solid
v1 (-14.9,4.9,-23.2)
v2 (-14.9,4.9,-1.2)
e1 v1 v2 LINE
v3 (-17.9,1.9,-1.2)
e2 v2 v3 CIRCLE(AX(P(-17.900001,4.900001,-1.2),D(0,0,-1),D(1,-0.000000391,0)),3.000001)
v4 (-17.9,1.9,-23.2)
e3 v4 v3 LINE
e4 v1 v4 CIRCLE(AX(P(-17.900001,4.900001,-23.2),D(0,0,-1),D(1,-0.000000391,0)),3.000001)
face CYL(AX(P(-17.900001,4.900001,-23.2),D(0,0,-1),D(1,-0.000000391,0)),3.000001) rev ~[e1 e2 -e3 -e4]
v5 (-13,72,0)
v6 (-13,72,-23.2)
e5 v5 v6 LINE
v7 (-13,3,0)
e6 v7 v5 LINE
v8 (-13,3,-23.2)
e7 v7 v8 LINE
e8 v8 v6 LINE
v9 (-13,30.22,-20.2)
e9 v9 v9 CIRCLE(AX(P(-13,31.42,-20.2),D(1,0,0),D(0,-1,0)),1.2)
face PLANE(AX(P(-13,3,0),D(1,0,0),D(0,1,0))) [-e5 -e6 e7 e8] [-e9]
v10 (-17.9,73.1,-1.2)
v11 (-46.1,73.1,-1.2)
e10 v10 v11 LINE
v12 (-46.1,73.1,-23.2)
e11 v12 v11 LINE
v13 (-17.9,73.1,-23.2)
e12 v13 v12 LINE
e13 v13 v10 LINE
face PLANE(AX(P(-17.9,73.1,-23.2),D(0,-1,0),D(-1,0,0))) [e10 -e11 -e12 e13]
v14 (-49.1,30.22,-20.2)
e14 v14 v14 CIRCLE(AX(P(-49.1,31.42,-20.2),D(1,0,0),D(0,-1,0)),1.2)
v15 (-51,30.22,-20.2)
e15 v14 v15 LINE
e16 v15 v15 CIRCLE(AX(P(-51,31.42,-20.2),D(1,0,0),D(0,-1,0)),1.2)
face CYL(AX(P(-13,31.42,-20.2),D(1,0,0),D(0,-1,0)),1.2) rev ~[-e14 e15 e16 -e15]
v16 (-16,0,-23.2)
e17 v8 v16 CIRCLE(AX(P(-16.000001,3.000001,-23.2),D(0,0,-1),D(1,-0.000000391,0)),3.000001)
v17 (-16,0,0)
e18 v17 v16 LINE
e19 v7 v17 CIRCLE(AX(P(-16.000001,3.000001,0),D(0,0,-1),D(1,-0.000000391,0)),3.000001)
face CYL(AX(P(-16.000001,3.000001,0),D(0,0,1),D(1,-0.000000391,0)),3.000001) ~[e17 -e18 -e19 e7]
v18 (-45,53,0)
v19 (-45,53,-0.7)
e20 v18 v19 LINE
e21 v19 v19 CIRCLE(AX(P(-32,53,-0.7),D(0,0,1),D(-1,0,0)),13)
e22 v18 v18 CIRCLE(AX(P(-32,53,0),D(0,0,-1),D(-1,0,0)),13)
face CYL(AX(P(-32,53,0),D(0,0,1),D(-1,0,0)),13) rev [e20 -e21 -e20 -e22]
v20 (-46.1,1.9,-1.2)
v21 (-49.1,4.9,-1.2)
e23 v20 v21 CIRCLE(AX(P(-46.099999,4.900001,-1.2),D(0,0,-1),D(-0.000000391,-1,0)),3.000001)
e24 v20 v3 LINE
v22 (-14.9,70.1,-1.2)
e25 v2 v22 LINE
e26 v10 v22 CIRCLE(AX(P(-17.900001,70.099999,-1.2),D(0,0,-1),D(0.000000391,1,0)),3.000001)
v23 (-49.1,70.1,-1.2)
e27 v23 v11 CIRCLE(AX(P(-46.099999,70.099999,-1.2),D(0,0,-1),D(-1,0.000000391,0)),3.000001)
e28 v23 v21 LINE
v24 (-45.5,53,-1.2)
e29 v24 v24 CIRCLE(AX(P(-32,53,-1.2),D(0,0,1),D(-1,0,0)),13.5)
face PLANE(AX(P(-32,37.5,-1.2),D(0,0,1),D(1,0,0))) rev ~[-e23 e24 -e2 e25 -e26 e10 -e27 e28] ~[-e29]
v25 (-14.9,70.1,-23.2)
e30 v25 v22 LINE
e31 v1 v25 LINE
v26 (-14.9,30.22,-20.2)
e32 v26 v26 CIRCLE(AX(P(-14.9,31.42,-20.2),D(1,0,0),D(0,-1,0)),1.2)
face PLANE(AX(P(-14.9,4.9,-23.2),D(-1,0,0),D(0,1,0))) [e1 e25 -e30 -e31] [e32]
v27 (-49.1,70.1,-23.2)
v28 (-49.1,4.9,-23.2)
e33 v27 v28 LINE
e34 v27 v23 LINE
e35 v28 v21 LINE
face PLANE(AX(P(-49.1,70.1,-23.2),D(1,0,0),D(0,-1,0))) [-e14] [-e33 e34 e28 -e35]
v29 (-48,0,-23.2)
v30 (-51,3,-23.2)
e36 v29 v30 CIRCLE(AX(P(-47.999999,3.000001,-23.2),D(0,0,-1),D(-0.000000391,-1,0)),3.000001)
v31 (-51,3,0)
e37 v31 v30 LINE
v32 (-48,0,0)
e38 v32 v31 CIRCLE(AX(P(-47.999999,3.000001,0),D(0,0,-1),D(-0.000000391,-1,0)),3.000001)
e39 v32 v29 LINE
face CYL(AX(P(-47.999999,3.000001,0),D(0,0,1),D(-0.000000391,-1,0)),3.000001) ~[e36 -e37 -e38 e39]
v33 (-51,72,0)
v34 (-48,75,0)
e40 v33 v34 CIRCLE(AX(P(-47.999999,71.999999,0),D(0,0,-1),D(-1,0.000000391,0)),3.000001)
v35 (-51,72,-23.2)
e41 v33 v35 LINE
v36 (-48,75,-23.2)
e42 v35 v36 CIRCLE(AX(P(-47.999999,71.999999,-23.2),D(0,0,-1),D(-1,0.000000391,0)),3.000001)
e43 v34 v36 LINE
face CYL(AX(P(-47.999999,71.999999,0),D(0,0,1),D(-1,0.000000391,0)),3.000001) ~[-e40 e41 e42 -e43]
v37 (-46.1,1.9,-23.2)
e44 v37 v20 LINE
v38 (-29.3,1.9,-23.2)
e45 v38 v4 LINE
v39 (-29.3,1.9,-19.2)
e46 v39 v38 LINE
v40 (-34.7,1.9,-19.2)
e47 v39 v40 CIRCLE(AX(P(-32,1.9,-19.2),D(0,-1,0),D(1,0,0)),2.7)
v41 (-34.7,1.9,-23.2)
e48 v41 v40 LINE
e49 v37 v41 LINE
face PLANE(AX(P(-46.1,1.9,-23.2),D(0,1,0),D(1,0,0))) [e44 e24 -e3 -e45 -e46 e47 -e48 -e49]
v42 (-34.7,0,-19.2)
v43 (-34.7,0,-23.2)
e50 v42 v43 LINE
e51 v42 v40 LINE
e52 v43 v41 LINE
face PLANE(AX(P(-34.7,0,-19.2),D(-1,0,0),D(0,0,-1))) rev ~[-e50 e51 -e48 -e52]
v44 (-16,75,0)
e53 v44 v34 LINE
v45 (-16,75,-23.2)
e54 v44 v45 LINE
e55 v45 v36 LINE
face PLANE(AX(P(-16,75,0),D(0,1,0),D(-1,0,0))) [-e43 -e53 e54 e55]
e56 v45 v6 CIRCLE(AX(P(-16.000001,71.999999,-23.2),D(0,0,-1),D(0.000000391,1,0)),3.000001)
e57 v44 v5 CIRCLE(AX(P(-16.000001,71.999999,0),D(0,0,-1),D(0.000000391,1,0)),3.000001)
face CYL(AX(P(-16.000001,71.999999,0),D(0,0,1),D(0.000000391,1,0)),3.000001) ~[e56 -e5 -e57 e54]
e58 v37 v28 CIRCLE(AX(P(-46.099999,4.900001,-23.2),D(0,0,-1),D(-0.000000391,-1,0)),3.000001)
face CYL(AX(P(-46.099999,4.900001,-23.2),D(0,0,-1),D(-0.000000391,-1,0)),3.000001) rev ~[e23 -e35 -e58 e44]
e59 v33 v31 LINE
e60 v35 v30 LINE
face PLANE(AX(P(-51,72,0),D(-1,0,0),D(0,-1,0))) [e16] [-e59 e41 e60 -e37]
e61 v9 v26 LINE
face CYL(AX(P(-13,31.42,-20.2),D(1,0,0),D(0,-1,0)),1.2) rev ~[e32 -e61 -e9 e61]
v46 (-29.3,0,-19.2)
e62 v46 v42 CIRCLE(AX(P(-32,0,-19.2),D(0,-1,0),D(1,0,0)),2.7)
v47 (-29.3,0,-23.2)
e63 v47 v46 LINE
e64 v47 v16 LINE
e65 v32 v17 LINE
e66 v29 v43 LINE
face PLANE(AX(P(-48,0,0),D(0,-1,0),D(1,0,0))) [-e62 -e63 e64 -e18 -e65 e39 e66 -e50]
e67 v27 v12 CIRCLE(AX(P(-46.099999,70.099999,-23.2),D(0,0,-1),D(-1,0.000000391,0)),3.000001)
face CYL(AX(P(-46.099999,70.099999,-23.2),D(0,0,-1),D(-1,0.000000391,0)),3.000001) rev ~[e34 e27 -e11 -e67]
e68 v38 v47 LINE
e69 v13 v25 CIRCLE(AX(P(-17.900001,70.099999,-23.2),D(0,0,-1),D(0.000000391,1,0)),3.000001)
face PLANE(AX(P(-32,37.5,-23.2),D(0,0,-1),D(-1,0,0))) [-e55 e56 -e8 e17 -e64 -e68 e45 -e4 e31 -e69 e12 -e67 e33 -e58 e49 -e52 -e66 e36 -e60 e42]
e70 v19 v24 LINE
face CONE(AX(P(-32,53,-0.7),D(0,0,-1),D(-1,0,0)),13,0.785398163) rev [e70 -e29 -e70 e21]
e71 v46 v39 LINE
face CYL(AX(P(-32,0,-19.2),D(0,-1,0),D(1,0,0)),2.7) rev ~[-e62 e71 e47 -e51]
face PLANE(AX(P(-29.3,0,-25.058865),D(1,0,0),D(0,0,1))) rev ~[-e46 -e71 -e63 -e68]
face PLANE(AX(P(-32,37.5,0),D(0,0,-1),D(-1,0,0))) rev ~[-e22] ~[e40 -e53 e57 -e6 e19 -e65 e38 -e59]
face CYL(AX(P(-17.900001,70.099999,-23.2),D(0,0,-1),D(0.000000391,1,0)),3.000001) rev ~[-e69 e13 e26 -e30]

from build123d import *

# Parameters (mm, degrees)
SKETCH013_R             = 13
PAD007_DEPTH            = 23.2
POCKET006_DEPTH         = 22
CHAMFER_SIZE            = 0.5
POCKET017_DEPTH         = 5
SKETCH055_R             = 1.2
POCKET020012_DEPTH      = 38.001
BODY002_PLACEMENT_ANGLE = 180


with BuildPart() as part:
    # Sketch013 → Pad007 (new body)
    with BuildSketch(Plane.XY):
        with BuildLine():
            ThreePointArc((-48, 75), (-50.12132, 74.12132), (-51, 72))
            Line((-51, 3), (-51, 72))
            ThreePointArc((-51, 3), (-50.12132, 0.87868), (-48, 0))
            Line((-16, 0), (-48, 0))
            ThreePointArc((-16, 0), (-13.87868, 0.87868), (-13, 3))
            Line((-13, 72), (-13, 3))
            ThreePointArc((-13, 72), (-13.87868, 74.12132), (-16, 75))
            Line((-48, 75), (-16, 75))
        make_face()
        with Locations((-32, 53)):
            Circle(SKETCH013_R, mode=Mode.SUBTRACT)
    extrude(amount=PAD007_DEPTH)

    # Sketch014 (on Face11 of Pad007) → Pocket006 (cut)
    with BuildSketch(Plane.XY.offset(23.2)):
        with BuildLine():
            Line((-46.1, 73.1), (-17.9, 73.1))
            ThreePointArc((-14.9, 70.1), (-15.77868, 72.22132), (-17.9, 73.1))
            Line((-14.9, 70.1), (-14.9, 4.9))
            ThreePointArc((-17.9, 1.9), (-15.77868, 2.77868), (-14.9, 4.9))
            Line((-17.9, 1.9), (-46.1, 1.9))
            ThreePointArc((-49.1, 4.9), (-48.22132, 2.77868), (-46.1, 1.9))
            Line((-49.1, 4.9), (-49.1, 70.1))
            ThreePointArc((-46.1, 73.1), (-48.22132, 72.22132), (-49.1, 70.1))
        make_face()
    extrude(amount=-POCKET006_DEPTH, mode=Mode.SUBTRACT)

    # Chamfer
    chamfer_edges = [part.edges().sort_by_distance(p)[0] for p in [
        (-45, 53, 1.2),
    ]]
    chamfer(chamfer_edges, length=CHAMFER_SIZE)

    # Sketch031 → Pocket017 (cut)
    with BuildSketch(Plane.XZ):
        with BuildLine():
            ThreePointArc((-29.3, 25.058865), (-32, 27.758865), (-34.7, 25.058865))
            Line((-34.7, 25.058865), (-34.7, 19.2))
            ThreePointArc((-34.7, 19.2), (-32, 16.5), (-29.3, 19.2))
            Line((-29.3, 19.2), (-29.3, 25.058865))
        make_face()
    extrude(amount=-POCKET017_DEPTH, mode=Mode.SUBTRACT)

    # Sketch055 (on Face6 of Pocket017) → Pocket020012 (cut, through all)
    with BuildSketch(Plane(origin=(-51, 0, 0), x_dir=(0, -1, 0), z_dir=(-1, 0, 0))):
        with Locations((-31.42, 20.2)):
            Circle(SKETCH055_R)
    extrude(amount=-POCKET020012_DEPTH, mode=Mode.SUBTRACT)


with BuildPart() as part_1:
    # Body002 placement: moved
    add(part.part.moved(Location((-64, 0, 0))).rotate(Axis((-64, 0, 0), (0, 1, 0)), BODY002_PLACEMENT_ANGLE))


solid = part_1.part
